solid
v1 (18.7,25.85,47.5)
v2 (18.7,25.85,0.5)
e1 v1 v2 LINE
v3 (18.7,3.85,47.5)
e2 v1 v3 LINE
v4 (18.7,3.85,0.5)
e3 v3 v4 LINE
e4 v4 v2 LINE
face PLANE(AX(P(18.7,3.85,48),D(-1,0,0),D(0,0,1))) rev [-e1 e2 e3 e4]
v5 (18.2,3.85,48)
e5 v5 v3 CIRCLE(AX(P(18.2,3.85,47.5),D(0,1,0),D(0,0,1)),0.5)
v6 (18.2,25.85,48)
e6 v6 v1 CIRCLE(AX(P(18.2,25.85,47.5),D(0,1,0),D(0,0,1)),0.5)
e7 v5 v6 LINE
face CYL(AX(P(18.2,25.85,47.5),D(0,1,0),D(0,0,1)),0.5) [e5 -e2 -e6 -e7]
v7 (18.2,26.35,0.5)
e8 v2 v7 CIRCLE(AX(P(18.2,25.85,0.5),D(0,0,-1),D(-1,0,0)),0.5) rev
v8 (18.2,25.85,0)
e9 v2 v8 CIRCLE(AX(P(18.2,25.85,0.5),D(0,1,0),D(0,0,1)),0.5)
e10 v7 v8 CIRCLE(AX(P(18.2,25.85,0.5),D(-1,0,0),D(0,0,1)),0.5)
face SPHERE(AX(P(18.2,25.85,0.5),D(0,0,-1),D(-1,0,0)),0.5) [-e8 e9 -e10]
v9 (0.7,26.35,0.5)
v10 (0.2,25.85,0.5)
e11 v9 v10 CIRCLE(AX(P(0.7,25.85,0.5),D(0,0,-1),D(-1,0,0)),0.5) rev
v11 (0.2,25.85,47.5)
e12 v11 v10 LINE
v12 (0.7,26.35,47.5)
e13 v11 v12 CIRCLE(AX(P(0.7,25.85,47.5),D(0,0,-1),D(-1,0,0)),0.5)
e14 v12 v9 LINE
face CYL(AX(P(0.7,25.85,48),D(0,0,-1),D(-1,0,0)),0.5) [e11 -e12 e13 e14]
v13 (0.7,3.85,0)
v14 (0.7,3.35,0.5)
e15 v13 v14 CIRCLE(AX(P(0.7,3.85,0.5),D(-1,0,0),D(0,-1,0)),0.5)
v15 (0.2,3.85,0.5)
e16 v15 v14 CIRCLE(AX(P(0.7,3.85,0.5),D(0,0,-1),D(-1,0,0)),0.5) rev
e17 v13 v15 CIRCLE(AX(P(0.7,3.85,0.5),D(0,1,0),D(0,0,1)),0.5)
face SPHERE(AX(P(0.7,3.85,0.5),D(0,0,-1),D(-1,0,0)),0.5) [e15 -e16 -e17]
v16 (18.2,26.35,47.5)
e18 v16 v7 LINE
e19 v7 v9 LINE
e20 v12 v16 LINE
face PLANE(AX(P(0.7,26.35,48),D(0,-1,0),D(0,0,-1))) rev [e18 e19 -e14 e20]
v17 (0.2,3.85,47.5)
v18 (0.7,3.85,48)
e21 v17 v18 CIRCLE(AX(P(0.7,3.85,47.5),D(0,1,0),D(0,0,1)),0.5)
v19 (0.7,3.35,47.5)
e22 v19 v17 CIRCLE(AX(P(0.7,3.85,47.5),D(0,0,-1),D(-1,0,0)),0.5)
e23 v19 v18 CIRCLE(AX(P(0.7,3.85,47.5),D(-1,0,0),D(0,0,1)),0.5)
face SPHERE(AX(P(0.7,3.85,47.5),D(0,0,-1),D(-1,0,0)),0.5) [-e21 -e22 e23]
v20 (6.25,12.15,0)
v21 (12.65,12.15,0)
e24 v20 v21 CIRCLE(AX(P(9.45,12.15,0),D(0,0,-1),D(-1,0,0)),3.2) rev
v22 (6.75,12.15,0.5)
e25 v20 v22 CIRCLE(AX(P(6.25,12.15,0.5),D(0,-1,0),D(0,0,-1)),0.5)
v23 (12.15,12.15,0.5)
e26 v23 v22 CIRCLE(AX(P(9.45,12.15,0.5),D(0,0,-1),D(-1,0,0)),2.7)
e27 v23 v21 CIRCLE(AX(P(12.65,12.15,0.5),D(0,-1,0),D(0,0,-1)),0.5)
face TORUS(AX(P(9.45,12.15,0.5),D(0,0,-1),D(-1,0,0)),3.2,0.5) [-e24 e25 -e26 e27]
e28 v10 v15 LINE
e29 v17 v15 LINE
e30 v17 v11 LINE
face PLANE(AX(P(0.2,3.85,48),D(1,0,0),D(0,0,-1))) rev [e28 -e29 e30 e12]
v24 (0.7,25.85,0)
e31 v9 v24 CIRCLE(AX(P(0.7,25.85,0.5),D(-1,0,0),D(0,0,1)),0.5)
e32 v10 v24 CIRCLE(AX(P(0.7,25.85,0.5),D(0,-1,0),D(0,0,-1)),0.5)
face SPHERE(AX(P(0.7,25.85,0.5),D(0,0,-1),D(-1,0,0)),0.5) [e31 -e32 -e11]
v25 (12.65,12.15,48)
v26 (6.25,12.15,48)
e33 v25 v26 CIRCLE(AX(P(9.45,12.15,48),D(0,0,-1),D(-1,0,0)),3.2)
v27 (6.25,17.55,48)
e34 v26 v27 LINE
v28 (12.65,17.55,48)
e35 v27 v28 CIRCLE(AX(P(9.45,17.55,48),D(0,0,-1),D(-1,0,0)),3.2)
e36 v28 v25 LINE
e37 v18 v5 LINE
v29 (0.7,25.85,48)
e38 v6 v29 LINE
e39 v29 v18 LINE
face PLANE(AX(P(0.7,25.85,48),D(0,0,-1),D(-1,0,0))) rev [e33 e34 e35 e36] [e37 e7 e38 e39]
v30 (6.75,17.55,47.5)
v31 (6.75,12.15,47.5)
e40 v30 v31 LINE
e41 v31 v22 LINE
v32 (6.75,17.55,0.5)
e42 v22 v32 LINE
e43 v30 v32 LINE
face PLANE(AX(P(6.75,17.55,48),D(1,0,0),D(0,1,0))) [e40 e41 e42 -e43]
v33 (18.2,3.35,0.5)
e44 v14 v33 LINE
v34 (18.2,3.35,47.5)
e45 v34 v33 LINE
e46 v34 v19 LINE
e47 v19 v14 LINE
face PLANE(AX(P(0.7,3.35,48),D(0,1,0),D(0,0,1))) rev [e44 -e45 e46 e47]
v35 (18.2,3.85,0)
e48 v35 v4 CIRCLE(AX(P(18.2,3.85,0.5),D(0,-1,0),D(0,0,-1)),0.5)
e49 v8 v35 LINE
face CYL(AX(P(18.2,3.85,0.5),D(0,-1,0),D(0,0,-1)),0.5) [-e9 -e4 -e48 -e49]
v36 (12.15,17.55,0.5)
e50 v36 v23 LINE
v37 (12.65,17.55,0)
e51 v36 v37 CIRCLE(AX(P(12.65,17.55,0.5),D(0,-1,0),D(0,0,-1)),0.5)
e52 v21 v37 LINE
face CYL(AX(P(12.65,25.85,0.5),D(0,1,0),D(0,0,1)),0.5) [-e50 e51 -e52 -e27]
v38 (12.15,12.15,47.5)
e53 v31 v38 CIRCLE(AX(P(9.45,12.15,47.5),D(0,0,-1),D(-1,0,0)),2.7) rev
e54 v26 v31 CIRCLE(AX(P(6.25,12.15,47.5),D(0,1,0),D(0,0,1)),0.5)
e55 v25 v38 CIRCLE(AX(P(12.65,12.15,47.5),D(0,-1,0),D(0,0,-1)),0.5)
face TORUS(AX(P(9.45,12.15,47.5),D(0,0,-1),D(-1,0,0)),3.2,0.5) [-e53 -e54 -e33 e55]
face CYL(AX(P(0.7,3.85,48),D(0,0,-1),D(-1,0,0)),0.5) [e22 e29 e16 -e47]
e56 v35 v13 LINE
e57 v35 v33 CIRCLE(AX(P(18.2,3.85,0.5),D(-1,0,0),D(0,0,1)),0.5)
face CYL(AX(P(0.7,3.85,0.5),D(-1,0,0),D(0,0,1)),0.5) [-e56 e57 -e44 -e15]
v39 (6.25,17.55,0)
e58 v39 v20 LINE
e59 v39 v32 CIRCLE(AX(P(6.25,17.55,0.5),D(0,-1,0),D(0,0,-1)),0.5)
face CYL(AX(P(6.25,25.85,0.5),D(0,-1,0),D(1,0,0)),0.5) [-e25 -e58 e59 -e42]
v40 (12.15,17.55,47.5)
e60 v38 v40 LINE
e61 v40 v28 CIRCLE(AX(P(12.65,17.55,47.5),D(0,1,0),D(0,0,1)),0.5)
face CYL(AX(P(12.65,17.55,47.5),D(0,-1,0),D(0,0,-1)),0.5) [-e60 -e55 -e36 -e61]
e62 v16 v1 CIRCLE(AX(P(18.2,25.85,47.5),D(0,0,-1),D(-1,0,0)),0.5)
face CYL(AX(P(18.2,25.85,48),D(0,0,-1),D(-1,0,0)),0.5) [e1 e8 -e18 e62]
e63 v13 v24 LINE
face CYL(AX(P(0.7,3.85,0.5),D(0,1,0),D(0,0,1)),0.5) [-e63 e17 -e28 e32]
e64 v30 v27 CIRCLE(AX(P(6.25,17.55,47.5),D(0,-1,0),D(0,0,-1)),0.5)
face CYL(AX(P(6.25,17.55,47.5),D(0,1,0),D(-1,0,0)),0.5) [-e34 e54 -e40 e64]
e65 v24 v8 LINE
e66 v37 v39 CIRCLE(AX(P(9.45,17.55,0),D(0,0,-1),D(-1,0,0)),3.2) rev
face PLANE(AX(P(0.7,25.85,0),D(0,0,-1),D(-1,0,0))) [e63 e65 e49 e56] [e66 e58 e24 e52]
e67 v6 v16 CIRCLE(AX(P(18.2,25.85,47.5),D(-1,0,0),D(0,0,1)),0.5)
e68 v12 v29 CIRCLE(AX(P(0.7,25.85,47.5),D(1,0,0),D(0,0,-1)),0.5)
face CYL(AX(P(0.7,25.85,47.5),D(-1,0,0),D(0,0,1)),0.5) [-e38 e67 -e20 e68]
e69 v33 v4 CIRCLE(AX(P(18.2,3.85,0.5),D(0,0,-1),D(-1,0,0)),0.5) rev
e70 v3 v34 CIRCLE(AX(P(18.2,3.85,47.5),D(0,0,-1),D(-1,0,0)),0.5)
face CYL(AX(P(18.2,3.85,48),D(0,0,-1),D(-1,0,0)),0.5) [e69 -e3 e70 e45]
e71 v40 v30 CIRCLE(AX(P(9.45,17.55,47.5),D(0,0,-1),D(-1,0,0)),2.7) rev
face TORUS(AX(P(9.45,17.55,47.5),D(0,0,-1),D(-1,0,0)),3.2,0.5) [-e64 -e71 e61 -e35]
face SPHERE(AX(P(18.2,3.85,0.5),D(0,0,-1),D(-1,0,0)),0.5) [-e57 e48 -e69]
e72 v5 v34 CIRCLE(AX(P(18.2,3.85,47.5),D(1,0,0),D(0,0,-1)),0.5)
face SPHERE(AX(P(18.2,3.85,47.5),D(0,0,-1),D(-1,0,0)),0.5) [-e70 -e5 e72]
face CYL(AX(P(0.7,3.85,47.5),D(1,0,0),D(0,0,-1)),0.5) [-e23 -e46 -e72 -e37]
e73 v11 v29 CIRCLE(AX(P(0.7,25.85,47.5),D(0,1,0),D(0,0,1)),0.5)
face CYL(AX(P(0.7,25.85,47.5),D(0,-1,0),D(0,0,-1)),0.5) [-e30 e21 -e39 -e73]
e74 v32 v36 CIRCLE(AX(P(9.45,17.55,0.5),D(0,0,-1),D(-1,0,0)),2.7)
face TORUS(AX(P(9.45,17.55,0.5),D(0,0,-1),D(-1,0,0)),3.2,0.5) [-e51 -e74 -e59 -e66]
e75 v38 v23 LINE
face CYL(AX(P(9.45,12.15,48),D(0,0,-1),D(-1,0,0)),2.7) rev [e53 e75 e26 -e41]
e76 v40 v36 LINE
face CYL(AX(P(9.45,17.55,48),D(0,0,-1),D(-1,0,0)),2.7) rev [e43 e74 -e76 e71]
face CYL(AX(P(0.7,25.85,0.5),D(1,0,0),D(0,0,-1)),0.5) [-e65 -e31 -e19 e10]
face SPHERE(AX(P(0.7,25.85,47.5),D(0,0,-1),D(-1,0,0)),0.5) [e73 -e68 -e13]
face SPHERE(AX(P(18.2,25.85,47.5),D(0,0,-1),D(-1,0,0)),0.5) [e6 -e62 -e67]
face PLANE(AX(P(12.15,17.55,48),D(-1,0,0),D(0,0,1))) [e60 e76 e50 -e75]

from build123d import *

# Parameters (mm, degrees)
EXTRUDE_1_DEPTH = 48
FILLET_1_R      = 0.5
FILLET_2_R      = 0.5


with BuildPart() as part:
    # Эскиз1 → Бобышка-Вытянуть1 (new body)
    with BuildSketch(Plane.XY):
        with BuildLine():
            Line((0.7, 3.35), (18.2, 3.35))
            ThreePointArc((18.2, 3.35), (18.553553391, 3.496446609), (18.7, 3.85))
            Line((18.7, 3.85), (18.7, 25.85))
            ThreePointArc((18.7, 25.85), (18.553553391, 26.203553391), (18.2, 26.35))
            Line((18.2, 26.35), (0.7, 26.35))
            ThreePointArc((0.7, 26.35), (0.346446609, 26.203553391), (0.2, 25.85))
            Line((0.2, 25.85), (0.2, 3.85))
            ThreePointArc((0.2, 3.85), (0.346446609, 3.496446609), (0.7, 3.35))
        make_face()
        with BuildLine():
            Line((6.75, 17.55), (6.75, 12.15))
            ThreePointArc((6.75, 12.15), (9.45, 9.45), (12.15, 12.15))
            Line((12.15, 12.15), (12.15, 17.55))
            ThreePointArc((12.15, 17.55), (9.45, 20.25), (6.75, 17.55))
        make_face(mode=Mode.SUBTRACT)
    extrude(amount=EXTRUDE_1_DEPTH)

    # Скругление1
    fillet_1_edges = [part.edges().sort_by_distance(p)[0] for p in [
        (9.45, 3.35, 0),
        (0.346446609, 3.496446609, 0),
        (0.2, 14.85, 0),
        (0.346446609, 26.203553391, 0),
        (9.45, 20.25, 0),
        (6.75, 14.85, 0),
        (9.45, 9.45, 0),
        (12.15, 14.85, 0),
        (9.45, 26.35, 0),
        (18.553553391, 26.203553391, 0),
        (18.7, 14.85, 0),
        (18.553553391, 3.496446609, 0),
    ]]
    fillet(fillet_1_edges, radius=FILLET_1_R)

    # Скругление2
    fillet_2_edges = [part.edges().sort_by_distance(p)[0] for p in [
        (0.346446609, 3.496446609, 48),
        (9.45, 3.35, 48),
        (18.553553391, 3.496446609, 48),
        (18.7, 14.85, 48),
        (9.45, 20.25, 48),
        (6.75, 14.85, 48),
        (9.45, 9.45, 48),
        (12.15, 14.85, 48),
        (18.553553391, 26.203553391, 48),
        (9.45, 26.35, 48),
        (0.346446609, 26.203553391, 48),
        (0.2, 14.85, 48),
    ]]
    fillet(fillet_2_edges, radius=FILLET_2_R)


solid = part.part
